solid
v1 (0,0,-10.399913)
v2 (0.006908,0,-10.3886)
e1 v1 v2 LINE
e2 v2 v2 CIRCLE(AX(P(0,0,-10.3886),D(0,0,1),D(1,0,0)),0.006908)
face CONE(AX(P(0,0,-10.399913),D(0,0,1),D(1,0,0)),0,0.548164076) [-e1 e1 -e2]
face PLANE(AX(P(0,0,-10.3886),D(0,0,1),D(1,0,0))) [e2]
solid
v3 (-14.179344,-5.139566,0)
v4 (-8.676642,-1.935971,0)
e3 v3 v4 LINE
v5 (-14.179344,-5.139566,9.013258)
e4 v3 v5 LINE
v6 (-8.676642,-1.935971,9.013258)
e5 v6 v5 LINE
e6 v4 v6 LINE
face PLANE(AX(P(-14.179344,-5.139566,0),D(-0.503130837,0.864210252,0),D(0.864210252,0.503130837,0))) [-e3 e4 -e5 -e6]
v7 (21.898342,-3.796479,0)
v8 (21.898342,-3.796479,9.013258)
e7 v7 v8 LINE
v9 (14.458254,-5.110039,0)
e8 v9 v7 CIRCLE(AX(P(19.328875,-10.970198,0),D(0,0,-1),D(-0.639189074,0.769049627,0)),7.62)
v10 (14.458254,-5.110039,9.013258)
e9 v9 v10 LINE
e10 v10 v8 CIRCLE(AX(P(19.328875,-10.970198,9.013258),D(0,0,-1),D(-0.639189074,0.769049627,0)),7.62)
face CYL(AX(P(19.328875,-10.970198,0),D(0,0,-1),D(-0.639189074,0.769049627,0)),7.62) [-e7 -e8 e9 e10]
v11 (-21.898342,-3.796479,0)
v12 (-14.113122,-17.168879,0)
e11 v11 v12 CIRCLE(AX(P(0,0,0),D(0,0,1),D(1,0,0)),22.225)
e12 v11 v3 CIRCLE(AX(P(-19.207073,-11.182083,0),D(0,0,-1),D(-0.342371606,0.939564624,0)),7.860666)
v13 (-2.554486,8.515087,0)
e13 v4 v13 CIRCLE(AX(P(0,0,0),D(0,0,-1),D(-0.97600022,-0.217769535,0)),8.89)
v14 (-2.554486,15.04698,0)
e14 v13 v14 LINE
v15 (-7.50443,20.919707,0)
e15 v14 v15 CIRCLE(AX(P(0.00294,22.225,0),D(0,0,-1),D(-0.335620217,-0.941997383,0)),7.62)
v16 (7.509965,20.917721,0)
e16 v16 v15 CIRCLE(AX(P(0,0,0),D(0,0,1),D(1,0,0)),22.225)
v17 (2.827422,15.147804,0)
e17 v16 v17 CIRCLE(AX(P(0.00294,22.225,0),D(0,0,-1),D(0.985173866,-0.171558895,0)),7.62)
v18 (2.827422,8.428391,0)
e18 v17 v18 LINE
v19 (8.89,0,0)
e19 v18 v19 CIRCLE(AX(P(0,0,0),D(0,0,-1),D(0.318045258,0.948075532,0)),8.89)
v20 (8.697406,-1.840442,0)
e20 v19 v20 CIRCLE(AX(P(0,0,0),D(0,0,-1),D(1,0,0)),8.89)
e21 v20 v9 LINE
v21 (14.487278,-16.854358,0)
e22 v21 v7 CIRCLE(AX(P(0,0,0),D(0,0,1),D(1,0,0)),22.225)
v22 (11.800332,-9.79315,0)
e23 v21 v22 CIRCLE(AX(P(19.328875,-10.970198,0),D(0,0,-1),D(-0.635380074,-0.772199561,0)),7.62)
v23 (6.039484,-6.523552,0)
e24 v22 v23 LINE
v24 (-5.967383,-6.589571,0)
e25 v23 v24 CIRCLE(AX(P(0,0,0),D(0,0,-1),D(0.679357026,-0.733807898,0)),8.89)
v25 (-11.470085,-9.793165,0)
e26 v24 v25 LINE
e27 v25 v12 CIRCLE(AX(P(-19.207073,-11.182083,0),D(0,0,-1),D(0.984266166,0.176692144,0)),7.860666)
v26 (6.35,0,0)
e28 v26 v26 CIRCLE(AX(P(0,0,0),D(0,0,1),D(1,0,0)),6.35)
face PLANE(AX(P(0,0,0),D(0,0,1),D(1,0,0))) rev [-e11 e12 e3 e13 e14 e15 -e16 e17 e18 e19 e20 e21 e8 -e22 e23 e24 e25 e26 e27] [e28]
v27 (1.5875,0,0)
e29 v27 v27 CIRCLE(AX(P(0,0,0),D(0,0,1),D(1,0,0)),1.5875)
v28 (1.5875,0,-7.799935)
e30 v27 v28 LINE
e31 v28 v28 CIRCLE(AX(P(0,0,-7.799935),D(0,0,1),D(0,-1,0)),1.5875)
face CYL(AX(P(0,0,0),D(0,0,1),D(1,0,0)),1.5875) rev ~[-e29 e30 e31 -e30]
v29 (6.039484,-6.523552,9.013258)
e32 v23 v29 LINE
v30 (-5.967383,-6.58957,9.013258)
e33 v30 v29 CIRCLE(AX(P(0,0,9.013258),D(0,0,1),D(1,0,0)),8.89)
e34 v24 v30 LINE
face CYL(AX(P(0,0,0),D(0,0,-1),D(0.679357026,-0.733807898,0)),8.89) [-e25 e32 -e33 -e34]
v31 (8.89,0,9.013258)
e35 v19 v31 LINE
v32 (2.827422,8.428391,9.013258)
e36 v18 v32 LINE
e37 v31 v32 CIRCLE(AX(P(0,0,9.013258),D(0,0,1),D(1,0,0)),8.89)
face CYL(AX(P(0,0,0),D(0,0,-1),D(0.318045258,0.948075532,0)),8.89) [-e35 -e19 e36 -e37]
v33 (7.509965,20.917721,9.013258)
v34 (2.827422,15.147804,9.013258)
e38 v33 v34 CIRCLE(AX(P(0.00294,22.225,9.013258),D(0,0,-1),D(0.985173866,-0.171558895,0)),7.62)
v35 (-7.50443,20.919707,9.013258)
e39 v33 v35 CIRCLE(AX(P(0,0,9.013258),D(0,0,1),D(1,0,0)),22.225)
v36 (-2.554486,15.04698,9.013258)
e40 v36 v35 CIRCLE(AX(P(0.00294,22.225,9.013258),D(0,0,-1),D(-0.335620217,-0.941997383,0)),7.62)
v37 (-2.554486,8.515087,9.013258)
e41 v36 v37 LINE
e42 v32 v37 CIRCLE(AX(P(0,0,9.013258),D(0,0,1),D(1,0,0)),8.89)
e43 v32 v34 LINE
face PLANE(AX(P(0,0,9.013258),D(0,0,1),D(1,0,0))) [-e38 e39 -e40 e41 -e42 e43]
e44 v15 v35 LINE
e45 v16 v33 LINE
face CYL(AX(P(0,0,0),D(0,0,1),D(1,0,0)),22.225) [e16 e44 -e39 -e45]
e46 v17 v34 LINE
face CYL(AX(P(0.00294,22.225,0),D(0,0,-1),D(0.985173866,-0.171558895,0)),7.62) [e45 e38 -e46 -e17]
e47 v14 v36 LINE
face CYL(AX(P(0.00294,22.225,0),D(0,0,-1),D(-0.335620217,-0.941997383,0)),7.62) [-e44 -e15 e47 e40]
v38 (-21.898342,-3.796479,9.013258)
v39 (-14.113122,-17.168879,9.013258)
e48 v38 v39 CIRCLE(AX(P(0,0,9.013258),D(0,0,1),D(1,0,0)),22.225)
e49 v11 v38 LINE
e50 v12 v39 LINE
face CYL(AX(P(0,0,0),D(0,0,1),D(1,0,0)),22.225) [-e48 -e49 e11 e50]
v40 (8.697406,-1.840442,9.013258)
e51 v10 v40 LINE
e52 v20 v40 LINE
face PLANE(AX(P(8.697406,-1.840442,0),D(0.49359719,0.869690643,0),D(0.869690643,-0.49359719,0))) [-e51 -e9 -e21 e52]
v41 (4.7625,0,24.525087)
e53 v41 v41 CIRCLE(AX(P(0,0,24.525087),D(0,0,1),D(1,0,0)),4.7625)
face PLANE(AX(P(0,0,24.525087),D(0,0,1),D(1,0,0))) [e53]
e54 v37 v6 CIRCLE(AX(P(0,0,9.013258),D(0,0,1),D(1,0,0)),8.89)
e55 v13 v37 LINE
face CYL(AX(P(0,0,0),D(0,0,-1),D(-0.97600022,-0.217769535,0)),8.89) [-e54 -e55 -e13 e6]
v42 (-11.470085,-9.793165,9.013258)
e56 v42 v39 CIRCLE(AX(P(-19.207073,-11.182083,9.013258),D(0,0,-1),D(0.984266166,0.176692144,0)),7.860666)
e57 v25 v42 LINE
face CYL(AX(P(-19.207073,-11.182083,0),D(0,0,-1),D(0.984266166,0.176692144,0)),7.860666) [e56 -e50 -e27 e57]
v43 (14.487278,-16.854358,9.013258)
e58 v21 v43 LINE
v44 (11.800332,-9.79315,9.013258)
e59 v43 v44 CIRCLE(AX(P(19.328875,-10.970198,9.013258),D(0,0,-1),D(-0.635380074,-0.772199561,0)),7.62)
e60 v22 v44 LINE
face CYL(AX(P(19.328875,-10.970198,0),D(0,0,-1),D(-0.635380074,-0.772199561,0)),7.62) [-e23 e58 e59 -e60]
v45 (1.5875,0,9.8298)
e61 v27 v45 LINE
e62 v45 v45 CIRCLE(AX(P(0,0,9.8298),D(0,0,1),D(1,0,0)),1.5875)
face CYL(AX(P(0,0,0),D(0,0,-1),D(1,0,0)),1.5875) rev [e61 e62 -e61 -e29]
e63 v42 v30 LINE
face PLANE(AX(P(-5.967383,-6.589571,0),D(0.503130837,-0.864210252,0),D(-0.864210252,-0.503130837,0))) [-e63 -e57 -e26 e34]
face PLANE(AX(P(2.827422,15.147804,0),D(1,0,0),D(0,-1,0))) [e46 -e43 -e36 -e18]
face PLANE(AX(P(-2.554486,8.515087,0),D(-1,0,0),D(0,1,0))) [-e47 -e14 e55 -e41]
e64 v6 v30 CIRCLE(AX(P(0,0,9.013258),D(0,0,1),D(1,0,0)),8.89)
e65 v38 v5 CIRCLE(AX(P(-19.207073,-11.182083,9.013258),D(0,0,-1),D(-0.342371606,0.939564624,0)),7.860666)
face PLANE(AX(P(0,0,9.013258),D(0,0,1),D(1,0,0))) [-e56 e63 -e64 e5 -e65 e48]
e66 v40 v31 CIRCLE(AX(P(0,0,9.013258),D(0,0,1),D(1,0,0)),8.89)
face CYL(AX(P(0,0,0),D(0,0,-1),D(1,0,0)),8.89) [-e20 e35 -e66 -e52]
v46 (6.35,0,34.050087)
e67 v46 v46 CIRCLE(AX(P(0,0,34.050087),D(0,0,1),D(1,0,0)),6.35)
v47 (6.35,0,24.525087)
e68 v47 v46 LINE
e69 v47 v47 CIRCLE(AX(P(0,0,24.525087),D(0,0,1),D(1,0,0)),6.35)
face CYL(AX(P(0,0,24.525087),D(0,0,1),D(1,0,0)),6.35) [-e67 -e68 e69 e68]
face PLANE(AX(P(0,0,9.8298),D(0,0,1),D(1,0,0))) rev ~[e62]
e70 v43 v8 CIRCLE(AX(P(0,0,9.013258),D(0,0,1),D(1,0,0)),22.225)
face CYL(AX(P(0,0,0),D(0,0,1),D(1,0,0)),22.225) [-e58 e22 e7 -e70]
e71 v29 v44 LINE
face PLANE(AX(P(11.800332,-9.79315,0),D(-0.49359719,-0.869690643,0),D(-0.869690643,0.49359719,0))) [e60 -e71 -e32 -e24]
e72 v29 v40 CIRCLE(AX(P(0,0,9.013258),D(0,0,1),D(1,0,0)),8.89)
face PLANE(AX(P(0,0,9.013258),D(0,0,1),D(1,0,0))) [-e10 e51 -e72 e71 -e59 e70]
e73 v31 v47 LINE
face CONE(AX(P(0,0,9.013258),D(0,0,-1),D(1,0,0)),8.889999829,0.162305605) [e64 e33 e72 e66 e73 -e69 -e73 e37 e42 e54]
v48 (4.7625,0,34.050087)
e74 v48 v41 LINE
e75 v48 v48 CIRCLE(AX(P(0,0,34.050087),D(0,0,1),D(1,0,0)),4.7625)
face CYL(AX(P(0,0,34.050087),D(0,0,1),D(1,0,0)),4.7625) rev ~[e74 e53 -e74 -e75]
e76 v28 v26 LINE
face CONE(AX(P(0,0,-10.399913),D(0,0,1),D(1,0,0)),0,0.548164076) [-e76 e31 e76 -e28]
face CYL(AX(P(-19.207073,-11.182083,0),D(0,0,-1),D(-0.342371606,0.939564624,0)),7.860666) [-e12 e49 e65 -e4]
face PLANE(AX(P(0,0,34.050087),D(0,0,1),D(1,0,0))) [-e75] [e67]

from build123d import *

# Parameters (mm, degrees)
F3_DEPTH = 14.097
F4_R     = 4.7625
F5_DEPTH = 9.525
F6_R     = 1.5875
F7_DEPTH = 10.3886
F8_R     = 1.5875
F9_DEPTH = 9.8298


with BuildPart() as f1:
    # F0 (on Front) → F1 (revolve)
    with BuildSketch(Plane.XZ):
        Polygon((6.35, 24.5250865847), (6.35, 34.0500865847), (0, 34.0500865847), (0, -10.3999134153), (6.35, 0), (22.225, 0), (22.225, 9.0132579207), (8.8899998294, 9.0132579207), align=None)
    revolve(axis=Axis((0, 0, 11.8250865847), (0, 0, 1)))

    # F2 (on Top) → F3 (cut)
    with BuildSketch(Plane.XY):
        with BuildLine():
            ThreePointArc((-14.113121628, -17.1688794892), (0.2443956371, -22.2236562197), (14.487278372, -16.8543582011))
            ThreePointArc((14.487278372, -16.8543582011), (12.207059324, -13.6802064233), (11.8003316443, -9.7931495662))
            Line((11.8003316443, -9.7931495662), (6.0394839652, -6.5235522098))
            ThreePointArc((6.0394839652, -6.5235522098), (0.0488798663, -8.889865621), (-5.9673830231, -6.5895705365))
            Line((-5.9673830231, -6.5895705365), (-11.470085079, -9.7931648991))
            ThreePointArc((-11.470085079, -9.7931648991), (-11.8071714813, -13.8337865787), (-14.113121628, -17.1688794892))
        make_face()
        with BuildLine():
            ThreePointArc((21.8983417722, -3.7964789779), (22.1431848532, -1.9052531477), (22.225, 0))
            ThreePointArc((22.225, 0), (18.1777280494, 12.7875262644), (7.5099648628, 20.9177210221))
            ThreePointArc((7.5099648628, 20.9177210221), (5.9196955053, 17.4232913204), (2.8274223411, 15.1478040653))
            Line((2.8274223411, 15.1478040653), (2.8274223411, 8.4283914779))
            ThreePointArc((2.8274223411, 8.4283914779), (7.2169205556, 5.1911614976), (8.89, 0))
            ThreePointArc((8.89, 0), (8.8417204308, -0.9252458182), (8.6974061138, -1.8404420369))
            Line((8.6974061138, -1.8404420369), (14.4582537929, -5.1100393933))
            ThreePointArc((14.4582537929, -5.1100393933), (18.0040397888, -3.4662510593), (21.8983417722, -3.7964789779))
        make_face()
        with BuildLine():
            ThreePointArc((-2.5544860487, 15.0469797465), (-5.8234880662, 17.3140797385), (-7.5044304492, 20.9197071833))
            ThreePointArc((-7.5044304492, 20.9197071833), (-19.2055517537, 11.1846952054), (-21.8983417722, -3.7964789779))
            ThreePointArc((-21.8983417722, -3.7964789779), (-17.8595819955, -3.4377725991), (-14.1793440119, -5.1395655315))
            Line((-14.1793440119, -5.1395655315), (-8.676641956, -1.9359711689))
            ThreePointArc((-8.676641956, -1.9359711689), (-7.6707699458, 4.4934828851), (-2.5544860487, 8.5150866717))
            Line((-2.5544860487, 8.5150866717), (-2.5544860487, 15.0469797465))
        make_face()
    extrude(amount=F3_DEPTH, mode=Mode.SUBTRACT)

    # F4 (on face) → F5 (cut)
    with BuildSketch(Plane.XY.offset(34.0500865847)):
        Circle(F4_R)
    extrude(amount=-F5_DEPTH, mode=Mode.SUBTRACT)

    # F6 (on Top) → F7 (cut)
    with BuildSketch(Plane.XY):
        Circle(F6_R)
    extrude(amount=-F7_DEPTH, mode=Mode.SUBTRACT)

    # F8 (on Top) → F9 (cut)
    with BuildSketch(Plane.XY):
        Circle(F8_R)
    extrude(amount=F9_DEPTH, mode=Mode.SUBTRACT)


solid = f1.part
